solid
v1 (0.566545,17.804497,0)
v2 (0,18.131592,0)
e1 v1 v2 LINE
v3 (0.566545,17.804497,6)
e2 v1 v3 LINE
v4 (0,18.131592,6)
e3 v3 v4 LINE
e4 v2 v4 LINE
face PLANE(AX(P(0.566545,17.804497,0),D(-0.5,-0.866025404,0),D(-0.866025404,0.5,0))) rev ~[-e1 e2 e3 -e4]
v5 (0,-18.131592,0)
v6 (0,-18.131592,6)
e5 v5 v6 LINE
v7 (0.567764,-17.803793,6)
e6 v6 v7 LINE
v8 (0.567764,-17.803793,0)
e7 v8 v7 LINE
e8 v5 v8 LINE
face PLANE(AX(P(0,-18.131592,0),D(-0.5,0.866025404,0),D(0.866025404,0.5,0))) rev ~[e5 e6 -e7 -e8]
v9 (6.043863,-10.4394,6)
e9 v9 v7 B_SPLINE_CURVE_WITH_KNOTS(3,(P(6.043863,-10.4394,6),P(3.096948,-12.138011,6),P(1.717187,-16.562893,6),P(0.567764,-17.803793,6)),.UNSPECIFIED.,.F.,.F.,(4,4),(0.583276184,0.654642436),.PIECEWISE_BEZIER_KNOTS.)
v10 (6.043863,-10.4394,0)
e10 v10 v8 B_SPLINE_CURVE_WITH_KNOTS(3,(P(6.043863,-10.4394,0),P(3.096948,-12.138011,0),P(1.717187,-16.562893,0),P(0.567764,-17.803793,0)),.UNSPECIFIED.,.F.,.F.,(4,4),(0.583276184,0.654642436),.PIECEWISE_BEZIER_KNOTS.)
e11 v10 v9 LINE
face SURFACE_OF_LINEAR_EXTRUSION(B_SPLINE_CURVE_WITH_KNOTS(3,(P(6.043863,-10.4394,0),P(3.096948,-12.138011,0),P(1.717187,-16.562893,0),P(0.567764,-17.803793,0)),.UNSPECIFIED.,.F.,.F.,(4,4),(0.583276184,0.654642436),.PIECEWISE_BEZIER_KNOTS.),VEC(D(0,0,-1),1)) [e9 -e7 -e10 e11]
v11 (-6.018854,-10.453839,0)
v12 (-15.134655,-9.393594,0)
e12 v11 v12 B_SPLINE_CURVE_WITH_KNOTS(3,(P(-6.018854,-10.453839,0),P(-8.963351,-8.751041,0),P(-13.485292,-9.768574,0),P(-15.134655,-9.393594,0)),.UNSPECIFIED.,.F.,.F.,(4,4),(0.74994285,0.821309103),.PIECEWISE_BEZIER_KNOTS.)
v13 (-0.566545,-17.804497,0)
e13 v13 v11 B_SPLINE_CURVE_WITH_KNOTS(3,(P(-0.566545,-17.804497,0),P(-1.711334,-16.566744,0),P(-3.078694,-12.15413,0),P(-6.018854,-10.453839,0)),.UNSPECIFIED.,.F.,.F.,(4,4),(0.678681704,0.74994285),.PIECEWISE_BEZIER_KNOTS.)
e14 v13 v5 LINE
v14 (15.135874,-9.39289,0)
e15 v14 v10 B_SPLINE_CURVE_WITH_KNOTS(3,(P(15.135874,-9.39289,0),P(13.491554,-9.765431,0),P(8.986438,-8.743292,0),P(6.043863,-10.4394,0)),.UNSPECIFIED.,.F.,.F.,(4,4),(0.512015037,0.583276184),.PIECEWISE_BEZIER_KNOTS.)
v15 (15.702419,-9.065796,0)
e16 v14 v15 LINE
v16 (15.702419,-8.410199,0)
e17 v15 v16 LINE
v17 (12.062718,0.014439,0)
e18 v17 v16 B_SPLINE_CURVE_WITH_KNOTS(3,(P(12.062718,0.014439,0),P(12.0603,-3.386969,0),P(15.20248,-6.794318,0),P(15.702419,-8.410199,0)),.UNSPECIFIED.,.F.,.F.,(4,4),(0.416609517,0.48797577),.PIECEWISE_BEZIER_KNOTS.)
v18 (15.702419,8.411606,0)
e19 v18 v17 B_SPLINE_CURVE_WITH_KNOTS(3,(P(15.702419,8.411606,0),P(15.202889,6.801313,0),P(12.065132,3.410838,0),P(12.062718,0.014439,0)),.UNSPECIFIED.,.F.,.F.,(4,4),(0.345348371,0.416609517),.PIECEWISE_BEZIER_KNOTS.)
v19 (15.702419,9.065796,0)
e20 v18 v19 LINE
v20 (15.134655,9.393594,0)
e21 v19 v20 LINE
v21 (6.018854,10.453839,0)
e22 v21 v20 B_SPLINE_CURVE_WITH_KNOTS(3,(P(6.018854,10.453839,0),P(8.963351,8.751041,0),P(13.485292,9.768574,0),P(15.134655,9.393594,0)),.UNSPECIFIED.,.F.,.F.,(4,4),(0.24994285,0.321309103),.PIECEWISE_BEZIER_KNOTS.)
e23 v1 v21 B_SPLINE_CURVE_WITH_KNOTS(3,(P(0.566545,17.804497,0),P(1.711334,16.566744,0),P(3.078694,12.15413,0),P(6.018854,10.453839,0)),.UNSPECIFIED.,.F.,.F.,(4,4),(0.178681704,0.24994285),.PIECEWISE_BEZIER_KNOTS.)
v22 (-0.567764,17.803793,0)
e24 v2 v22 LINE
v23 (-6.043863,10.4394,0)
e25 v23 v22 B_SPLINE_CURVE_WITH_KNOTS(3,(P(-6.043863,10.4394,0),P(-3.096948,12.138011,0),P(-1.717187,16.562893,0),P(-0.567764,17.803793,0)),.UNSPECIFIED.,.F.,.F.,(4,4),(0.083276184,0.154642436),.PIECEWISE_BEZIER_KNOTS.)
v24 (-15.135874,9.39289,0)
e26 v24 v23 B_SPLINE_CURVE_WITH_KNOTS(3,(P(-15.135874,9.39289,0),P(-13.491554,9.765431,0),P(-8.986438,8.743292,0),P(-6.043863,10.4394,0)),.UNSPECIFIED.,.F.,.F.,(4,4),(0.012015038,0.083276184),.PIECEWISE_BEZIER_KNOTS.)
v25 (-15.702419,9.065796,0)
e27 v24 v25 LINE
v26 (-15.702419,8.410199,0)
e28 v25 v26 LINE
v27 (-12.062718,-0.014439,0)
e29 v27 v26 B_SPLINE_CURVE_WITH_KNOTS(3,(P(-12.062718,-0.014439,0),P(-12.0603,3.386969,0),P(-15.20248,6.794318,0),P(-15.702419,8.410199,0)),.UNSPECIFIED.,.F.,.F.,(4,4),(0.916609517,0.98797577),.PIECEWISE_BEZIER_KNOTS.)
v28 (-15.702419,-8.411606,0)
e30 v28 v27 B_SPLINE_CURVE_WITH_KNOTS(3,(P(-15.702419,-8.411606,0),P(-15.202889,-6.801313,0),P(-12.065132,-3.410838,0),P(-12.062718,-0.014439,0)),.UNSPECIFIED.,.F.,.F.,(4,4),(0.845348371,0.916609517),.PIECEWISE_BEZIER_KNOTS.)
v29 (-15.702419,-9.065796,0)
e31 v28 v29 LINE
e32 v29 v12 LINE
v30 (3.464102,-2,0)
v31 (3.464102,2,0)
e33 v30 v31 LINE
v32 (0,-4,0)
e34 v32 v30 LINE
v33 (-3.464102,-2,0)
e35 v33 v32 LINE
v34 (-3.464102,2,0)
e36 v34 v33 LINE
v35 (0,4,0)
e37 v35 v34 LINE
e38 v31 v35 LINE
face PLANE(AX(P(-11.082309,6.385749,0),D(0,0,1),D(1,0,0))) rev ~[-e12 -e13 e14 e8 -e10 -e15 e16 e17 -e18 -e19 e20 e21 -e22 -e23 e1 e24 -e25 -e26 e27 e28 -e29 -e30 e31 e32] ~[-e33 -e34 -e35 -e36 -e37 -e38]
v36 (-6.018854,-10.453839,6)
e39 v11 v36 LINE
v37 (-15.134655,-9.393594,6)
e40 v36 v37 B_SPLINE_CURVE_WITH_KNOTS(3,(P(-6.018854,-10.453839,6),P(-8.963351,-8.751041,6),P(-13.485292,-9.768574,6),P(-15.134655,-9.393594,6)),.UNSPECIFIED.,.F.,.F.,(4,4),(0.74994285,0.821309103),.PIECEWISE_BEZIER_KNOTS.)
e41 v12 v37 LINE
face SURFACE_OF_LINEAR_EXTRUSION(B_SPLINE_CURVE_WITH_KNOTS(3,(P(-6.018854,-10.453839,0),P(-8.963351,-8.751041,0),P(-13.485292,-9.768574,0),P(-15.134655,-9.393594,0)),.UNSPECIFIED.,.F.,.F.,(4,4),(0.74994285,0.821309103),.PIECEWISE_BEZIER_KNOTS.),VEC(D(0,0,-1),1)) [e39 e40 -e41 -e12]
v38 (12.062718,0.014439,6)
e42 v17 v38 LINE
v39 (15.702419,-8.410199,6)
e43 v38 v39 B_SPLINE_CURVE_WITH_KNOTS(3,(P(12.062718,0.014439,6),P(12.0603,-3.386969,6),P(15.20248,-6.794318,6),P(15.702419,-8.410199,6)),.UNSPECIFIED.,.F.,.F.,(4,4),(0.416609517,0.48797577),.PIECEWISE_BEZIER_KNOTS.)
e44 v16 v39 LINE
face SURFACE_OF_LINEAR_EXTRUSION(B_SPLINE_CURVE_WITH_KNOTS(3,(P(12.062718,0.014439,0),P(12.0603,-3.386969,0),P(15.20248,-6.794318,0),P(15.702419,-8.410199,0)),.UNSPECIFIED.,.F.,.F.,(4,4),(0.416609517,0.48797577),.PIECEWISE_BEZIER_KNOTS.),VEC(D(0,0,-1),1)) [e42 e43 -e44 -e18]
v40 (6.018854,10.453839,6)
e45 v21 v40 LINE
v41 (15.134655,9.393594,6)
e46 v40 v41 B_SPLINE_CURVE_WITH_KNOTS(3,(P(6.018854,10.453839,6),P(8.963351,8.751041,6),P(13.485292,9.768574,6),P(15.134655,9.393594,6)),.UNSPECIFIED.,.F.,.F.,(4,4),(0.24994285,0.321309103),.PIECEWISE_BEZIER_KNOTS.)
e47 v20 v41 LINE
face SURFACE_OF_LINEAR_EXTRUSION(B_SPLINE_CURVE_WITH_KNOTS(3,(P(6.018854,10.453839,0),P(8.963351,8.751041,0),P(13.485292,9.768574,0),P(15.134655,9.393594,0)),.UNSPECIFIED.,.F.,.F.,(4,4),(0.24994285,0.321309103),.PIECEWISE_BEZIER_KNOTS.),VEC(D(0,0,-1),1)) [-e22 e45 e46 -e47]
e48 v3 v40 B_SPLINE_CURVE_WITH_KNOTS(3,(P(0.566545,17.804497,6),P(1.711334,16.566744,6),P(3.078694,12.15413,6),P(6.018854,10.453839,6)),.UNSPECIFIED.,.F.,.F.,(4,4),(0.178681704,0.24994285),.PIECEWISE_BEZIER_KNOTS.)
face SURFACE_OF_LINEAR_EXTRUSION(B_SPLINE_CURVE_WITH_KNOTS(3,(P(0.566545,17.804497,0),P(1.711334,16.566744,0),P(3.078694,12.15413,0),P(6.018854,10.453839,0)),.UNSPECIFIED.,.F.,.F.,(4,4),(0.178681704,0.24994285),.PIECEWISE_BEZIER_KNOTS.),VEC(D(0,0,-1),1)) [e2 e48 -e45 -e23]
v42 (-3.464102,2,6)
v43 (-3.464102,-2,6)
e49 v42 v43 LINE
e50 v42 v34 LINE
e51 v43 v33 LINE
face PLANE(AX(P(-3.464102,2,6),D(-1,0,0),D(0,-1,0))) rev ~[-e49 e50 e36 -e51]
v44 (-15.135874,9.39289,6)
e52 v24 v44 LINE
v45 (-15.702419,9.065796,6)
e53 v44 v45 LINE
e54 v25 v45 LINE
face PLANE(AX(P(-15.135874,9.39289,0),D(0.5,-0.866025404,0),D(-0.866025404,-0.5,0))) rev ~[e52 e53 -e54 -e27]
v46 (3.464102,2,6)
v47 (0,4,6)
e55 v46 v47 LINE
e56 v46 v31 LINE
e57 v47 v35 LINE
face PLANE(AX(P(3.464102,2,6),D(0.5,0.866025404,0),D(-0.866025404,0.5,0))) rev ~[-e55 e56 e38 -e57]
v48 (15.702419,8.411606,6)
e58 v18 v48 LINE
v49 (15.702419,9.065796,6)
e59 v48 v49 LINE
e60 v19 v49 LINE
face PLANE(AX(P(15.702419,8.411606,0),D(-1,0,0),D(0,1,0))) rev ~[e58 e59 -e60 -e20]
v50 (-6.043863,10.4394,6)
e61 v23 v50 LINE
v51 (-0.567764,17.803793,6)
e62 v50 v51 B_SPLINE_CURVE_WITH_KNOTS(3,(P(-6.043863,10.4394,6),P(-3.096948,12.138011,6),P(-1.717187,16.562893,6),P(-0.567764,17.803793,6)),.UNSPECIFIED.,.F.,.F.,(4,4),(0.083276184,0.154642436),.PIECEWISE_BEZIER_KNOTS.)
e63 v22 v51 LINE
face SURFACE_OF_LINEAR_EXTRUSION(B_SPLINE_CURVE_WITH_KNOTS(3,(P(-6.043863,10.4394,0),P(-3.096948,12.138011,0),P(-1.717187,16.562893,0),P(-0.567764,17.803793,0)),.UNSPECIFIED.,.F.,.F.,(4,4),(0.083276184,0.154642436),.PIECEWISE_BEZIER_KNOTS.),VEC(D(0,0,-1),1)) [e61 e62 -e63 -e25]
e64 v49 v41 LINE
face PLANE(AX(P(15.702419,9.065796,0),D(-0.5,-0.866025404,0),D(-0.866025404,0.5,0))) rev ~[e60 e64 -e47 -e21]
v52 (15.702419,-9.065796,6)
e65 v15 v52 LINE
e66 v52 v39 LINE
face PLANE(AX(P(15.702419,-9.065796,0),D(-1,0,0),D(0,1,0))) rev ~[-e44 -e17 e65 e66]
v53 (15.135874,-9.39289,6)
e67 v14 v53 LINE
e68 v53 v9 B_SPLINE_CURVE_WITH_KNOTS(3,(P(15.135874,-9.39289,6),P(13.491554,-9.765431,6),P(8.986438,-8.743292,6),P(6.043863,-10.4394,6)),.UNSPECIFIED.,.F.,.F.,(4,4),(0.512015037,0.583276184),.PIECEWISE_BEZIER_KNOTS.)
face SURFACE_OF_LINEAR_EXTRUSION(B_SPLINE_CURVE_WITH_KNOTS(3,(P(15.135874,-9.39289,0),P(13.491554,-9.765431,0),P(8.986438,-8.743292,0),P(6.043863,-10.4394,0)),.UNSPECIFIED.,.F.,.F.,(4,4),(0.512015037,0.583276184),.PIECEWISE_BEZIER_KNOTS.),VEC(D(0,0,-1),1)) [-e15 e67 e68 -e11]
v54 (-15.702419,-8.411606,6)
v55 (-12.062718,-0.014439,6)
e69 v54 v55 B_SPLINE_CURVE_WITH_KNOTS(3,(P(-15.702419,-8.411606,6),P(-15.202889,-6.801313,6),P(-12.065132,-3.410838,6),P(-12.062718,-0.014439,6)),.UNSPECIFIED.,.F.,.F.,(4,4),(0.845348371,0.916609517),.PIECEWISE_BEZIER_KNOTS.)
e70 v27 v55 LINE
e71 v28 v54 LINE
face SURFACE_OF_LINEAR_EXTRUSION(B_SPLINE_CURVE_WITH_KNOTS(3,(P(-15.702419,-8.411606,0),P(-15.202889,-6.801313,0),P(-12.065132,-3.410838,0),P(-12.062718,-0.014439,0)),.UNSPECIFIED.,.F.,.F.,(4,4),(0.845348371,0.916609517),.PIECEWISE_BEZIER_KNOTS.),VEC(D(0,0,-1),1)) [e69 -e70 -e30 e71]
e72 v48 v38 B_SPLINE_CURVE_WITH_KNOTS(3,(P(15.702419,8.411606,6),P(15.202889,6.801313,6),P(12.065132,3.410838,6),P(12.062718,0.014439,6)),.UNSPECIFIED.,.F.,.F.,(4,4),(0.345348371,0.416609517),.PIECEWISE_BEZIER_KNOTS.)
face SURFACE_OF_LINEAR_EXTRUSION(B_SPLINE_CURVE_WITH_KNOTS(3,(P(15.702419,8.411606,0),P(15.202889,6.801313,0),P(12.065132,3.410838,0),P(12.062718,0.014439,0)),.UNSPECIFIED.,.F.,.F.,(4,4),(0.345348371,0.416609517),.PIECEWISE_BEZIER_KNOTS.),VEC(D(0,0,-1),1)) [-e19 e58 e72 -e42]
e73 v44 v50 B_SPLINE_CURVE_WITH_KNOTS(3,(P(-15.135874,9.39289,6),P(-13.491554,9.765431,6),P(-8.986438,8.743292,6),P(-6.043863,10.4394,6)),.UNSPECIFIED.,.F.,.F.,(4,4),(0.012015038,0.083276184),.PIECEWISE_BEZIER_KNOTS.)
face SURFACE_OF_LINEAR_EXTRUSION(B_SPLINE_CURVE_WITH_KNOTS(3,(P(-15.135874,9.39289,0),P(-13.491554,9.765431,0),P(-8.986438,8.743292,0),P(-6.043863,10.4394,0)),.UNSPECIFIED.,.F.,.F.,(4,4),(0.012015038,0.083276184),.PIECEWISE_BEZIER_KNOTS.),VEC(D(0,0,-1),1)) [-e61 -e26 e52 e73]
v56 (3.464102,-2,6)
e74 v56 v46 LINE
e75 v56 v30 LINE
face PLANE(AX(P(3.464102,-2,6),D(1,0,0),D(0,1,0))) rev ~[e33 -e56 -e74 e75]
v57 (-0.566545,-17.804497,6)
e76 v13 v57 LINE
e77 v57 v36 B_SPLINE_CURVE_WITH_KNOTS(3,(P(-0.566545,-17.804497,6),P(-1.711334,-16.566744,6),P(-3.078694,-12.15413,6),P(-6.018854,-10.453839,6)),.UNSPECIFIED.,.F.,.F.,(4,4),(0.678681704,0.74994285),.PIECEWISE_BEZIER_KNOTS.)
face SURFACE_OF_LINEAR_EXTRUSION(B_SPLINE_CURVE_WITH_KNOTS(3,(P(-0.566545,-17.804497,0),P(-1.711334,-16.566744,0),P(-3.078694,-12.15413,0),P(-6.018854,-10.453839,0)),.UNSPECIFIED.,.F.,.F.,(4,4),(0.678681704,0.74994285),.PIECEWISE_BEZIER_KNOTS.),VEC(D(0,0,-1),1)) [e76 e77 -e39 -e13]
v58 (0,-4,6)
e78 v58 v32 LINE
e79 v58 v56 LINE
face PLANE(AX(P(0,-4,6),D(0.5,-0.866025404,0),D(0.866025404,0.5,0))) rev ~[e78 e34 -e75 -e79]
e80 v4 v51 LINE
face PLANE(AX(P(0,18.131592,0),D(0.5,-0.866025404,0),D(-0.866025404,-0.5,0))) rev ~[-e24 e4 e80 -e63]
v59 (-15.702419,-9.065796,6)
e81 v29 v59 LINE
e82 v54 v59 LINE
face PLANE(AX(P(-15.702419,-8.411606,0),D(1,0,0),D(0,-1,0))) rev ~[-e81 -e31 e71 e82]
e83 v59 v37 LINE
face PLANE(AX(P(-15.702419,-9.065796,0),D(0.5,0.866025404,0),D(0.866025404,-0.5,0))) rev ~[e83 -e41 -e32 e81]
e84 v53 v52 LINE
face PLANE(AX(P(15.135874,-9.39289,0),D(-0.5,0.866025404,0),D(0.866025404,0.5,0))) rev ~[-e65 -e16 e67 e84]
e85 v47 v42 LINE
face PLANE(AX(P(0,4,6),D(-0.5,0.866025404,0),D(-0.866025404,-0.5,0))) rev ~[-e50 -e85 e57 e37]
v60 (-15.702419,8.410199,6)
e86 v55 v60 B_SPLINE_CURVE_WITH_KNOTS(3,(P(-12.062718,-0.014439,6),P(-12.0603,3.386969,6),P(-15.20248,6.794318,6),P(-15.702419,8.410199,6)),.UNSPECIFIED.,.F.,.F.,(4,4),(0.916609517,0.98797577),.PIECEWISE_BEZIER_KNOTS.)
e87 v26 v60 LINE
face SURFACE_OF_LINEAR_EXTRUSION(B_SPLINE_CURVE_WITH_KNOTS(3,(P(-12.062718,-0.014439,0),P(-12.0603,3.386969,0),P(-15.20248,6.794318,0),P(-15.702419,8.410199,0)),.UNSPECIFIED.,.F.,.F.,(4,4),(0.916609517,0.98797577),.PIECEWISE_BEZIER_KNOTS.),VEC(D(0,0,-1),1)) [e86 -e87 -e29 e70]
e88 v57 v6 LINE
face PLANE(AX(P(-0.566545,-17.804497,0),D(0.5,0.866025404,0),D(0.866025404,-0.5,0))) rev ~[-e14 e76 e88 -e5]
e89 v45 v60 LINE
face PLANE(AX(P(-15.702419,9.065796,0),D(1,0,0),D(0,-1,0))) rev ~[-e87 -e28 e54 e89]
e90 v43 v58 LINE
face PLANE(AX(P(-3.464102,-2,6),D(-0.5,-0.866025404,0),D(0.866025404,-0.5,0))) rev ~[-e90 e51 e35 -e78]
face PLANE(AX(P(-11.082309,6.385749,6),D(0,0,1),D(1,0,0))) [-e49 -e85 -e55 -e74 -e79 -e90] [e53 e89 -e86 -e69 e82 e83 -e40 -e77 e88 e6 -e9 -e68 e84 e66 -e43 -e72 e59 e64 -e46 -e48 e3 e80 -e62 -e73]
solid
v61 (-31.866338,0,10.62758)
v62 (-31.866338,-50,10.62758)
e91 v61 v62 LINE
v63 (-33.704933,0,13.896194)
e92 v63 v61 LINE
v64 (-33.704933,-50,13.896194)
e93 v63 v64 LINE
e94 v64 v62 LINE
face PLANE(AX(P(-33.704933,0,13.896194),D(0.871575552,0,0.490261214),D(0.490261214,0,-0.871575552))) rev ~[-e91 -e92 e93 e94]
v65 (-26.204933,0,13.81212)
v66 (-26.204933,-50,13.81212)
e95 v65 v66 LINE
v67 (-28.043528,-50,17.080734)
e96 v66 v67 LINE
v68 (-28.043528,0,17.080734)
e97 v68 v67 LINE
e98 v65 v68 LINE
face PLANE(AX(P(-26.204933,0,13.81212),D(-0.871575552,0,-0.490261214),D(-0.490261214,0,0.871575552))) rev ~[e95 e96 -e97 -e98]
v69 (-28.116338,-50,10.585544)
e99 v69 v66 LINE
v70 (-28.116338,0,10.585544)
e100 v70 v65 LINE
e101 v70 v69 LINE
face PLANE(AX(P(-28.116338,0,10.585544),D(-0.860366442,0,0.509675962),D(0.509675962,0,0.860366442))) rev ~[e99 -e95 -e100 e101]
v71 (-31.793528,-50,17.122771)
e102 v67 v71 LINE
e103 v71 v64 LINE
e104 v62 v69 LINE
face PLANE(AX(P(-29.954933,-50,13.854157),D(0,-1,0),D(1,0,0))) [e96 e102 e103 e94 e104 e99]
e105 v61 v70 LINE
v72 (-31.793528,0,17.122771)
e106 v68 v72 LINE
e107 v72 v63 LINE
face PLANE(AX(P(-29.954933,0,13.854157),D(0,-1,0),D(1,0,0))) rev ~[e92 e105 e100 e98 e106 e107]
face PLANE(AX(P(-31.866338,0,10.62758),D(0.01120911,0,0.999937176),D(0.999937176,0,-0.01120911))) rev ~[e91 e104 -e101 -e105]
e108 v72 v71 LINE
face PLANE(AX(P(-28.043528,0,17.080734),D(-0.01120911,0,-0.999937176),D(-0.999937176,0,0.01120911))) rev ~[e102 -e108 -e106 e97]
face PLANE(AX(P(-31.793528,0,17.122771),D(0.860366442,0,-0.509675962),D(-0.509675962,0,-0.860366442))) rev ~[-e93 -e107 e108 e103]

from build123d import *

# Parameters (mm, degrees)
F1_DEPTH = 50
F3_DEPTH = 6
F5_DEPTH = 25


with BuildPart() as f1:
    # F0 (on Front) → F1 (new body)
    with BuildSketch(Plane.XZ):
        Polygon((-26.2049326301, 13.8121203759), (-28.0435276902, 17.0807340419), (-31.7935276902, 17.1227708456), (-33.7049326301, 13.8961939833), (-31.8663375699, 10.6275803172), (-28.1163375699, 10.5855435136), align=None)
    extrude(amount=F1_DEPTH)


with BuildPart() as f3:
    # F2 (on Top) → F3 (new body)
    with BuildSketch(Plane.XY):
        with BuildLine():
            Line((-12.0627175372, -0.0144388362), (-6.0438631676, 10.4394004078))
            add(Edge.make_bspline(
                [(-15.1358744038, 9.3928904921), (-13.4915543772, 9.7654312673), (-8.9864380154, 8.7432919796), (-6.0438631676, 10.4394004078)],
                knots=[0.0120150375, 0.0120150375, 0.0120150375, 0.0120150375, 0.0832761836, 0.0832761836, 0.0832761836, 0.0832761836], degree=3))
            Line((-15.1358744038, 9.3928904921), (-15.702418983, 9.0657958268))
            Line((-15.702418983, 9.0657958268), (-15.702418983, 8.4101986204))
            add(Edge.make_bspline(
                [(-12.0627175372, -0.0144388362), (-12.0602995384, 3.3869694731), (-15.2024796508, 6.7943184808), (-15.702418983, 8.4101986204)],
                knots=[0.9166095169, 0.9166095169, 0.9166095169, 0.9166095169, 0.9879757698, 0.9879757698, 0.9879757698, 0.9879757698], degree=3))
        make_face()
        Polygon((6.0438631676, -10.4394004078), (12.0627175372, 0.0144388362), (6.0188543696, 10.453839244), (-6.0438631676, 10.4394004078), (-12.0627175372, -0.0144388362), (-6.0188543696, -10.453839244), align=None)
        with BuildLine():
            add(Edge.make_bspline(
                [(0.5665445792, 17.8044969882), (1.7113343678, 16.5667444608), (3.0786939593, 12.1541296007), (6.0188543696, 10.453839244)],
                knots=[0.1786817042, 0.1786817042, 0.1786817042, 0.1786817042, 0.2499428502, 0.2499428502, 0.2499428502, 0.2499428502], degree=3))
            Line((0.5665445792, 17.8044969882), (0, 18.1315916535))
            Line((0, 18.1315916535), (-0.5677638354, 17.8037930503))
            add(Edge.make_bspline(
                [(-6.0438631676, 10.4394004078), (-3.0969481636, 12.1380105141), (-1.7171874196, 16.5628928185), (-0.5677638354, 17.8037930503)],
                knots=[0.0832761836, 0.0832761836, 0.0832761836, 0.0832761836, 0.1546424364, 0.1546424364, 0.1546424364, 0.1546424364], degree=3))
            Line((-6.0438631676, 10.4394004078), (6.0188543696, 10.453839244))
        make_face()
        with BuildLine():
            Line((15.702418983, 8.4116064961), (15.702418983, 9.0657958268))
            Line((15.702418983, 9.0657958268), (15.1346551476, 9.39359443))
            add(Edge.make_bspline(
                [(6.0188543696, 10.453839244), (8.9633513748, 8.751041041), (13.4852922312, 9.7685743377), (15.1346551476, 9.39359443)],
                knots=[0.2499428502, 0.2499428502, 0.2499428502, 0.2499428502, 0.3213091031, 0.3213091031, 0.3213091031, 0.3213091031], degree=3))
            Line((6.0188543696, 10.453839244), (12.0627175372, 0.0144388362))
            add(Edge.make_bspline(
                [(15.702418983, 8.4116064961), (15.2028887449, 6.8013131935), (12.0651319747, 3.4108376211), (12.0627175372, 0.0144388362)],
                knots=[0.3453483708, 0.3453483708, 0.3453483708, 0.3453483708, 0.4166095169, 0.4166095169, 0.4166095169, 0.4166095169], degree=3))
        make_face()
        with BuildLine():
            Line((15.702418983, -9.0657958268), (15.702418983, -8.4101986204))
            add(Edge.make_bspline(
                [(12.0627175372, 0.0144388362), (12.0602995384, -3.3869694731), (15.2024796508, -6.7943184808), (15.702418983, -8.4101986204)],
                knots=[0.4166095169, 0.4166095169, 0.4166095169, 0.4166095169, 0.4879757698, 0.4879757698, 0.4879757698, 0.4879757698], degree=3))
            Line((12.0627175372, 0.0144388362), (6.0438631676, -10.4394004078))
            add(Edge.make_bspline(
                [(15.1358744038, -9.3928904921), (13.4915543772, -9.7654312673), (8.9864380154, -8.7432919796), (6.0438631676, -10.4394004078)],
                knots=[0.5120150375, 0.5120150375, 0.5120150375, 0.5120150375, 0.5832761836, 0.5832761836, 0.5832761836, 0.5832761836], degree=3))
            Line((15.1358744038, -9.3928904921), (15.702418983, -9.0657958268))
        make_face()
        with BuildLine():
            add(Edge.make_bspline(
                [(6.0438631676, -10.4394004078), (3.0969481636, -12.1380105141), (1.7171874196, -16.5628928185), (0.5677638354, -17.8037930503)],
                knots=[0.5832761836, 0.5832761836, 0.5832761836, 0.5832761836, 0.6546424364, 0.6546424364, 0.6546424364, 0.6546424364], degree=3))
            Line((6.0438631676, -10.4394004078), (-6.0188543696, -10.453839244))
            add(Edge.make_bspline(
                [(-0.5665445792, -17.8044969882), (-1.7113343678, -16.5667444608), (-3.0786939593, -12.1541296007), (-6.0188543696, -10.453839244)],
                knots=[0.6786817042, 0.6786817042, 0.6786817042, 0.6786817042, 0.7499428502, 0.7499428502, 0.7499428502, 0.7499428502], degree=3))
            Line((-0.5665445792, -17.8044969882), (0, -18.1315916535))
            Line((0, -18.1315916535), (0.5677638354, -17.8037930503))
        make_face()
        with BuildLine():
            add(Edge.make_bspline(
                [(-6.0188543696, -10.453839244), (-8.9633513748, -8.751041041), (-13.4852922312, -9.7685743377), (-15.1346551476, -9.39359443)],
                knots=[0.7499428502, 0.7499428502, 0.7499428502, 0.7499428502, 0.8213091031, 0.8213091031, 0.8213091031, 0.8213091031], degree=3))
            Line((-6.0188543696, -10.453839244), (-12.0627175372, -0.0144388362))
            add(Edge.make_bspline(
                [(-15.702418983, -8.4116064961), (-15.2028887449, -6.8013131935), (-12.0651319747, -3.4108376211), (-12.0627175372, -0.0144388362)],
                knots=[0.8453483708, 0.8453483708, 0.8453483708, 0.8453483708, 0.9166095169, 0.9166095169, 0.9166095169, 0.9166095169], degree=3))
            Line((-15.702418983, -8.4116064961), (-15.702418983, -9.0657958268))
            Line((-15.702418983, -9.0657958268), (-15.1346551476, -9.39359443))
        make_face()
    extrude(amount=F3_DEPTH)

    # F4 (on face) → F5 (cut)
    with BuildSketch(Plane.XY.offset(6)):
        Polygon((3.4641016151, -2), (3.4641016151, 2), (0, 4), (-3.4641016151, 2), (-3.4641016151, -2), (0, -4), align=None)
    extrude(amount=-F5_DEPTH, mode=Mode.SUBTRACT)


solid = Compound([f1.part, f3.part])
